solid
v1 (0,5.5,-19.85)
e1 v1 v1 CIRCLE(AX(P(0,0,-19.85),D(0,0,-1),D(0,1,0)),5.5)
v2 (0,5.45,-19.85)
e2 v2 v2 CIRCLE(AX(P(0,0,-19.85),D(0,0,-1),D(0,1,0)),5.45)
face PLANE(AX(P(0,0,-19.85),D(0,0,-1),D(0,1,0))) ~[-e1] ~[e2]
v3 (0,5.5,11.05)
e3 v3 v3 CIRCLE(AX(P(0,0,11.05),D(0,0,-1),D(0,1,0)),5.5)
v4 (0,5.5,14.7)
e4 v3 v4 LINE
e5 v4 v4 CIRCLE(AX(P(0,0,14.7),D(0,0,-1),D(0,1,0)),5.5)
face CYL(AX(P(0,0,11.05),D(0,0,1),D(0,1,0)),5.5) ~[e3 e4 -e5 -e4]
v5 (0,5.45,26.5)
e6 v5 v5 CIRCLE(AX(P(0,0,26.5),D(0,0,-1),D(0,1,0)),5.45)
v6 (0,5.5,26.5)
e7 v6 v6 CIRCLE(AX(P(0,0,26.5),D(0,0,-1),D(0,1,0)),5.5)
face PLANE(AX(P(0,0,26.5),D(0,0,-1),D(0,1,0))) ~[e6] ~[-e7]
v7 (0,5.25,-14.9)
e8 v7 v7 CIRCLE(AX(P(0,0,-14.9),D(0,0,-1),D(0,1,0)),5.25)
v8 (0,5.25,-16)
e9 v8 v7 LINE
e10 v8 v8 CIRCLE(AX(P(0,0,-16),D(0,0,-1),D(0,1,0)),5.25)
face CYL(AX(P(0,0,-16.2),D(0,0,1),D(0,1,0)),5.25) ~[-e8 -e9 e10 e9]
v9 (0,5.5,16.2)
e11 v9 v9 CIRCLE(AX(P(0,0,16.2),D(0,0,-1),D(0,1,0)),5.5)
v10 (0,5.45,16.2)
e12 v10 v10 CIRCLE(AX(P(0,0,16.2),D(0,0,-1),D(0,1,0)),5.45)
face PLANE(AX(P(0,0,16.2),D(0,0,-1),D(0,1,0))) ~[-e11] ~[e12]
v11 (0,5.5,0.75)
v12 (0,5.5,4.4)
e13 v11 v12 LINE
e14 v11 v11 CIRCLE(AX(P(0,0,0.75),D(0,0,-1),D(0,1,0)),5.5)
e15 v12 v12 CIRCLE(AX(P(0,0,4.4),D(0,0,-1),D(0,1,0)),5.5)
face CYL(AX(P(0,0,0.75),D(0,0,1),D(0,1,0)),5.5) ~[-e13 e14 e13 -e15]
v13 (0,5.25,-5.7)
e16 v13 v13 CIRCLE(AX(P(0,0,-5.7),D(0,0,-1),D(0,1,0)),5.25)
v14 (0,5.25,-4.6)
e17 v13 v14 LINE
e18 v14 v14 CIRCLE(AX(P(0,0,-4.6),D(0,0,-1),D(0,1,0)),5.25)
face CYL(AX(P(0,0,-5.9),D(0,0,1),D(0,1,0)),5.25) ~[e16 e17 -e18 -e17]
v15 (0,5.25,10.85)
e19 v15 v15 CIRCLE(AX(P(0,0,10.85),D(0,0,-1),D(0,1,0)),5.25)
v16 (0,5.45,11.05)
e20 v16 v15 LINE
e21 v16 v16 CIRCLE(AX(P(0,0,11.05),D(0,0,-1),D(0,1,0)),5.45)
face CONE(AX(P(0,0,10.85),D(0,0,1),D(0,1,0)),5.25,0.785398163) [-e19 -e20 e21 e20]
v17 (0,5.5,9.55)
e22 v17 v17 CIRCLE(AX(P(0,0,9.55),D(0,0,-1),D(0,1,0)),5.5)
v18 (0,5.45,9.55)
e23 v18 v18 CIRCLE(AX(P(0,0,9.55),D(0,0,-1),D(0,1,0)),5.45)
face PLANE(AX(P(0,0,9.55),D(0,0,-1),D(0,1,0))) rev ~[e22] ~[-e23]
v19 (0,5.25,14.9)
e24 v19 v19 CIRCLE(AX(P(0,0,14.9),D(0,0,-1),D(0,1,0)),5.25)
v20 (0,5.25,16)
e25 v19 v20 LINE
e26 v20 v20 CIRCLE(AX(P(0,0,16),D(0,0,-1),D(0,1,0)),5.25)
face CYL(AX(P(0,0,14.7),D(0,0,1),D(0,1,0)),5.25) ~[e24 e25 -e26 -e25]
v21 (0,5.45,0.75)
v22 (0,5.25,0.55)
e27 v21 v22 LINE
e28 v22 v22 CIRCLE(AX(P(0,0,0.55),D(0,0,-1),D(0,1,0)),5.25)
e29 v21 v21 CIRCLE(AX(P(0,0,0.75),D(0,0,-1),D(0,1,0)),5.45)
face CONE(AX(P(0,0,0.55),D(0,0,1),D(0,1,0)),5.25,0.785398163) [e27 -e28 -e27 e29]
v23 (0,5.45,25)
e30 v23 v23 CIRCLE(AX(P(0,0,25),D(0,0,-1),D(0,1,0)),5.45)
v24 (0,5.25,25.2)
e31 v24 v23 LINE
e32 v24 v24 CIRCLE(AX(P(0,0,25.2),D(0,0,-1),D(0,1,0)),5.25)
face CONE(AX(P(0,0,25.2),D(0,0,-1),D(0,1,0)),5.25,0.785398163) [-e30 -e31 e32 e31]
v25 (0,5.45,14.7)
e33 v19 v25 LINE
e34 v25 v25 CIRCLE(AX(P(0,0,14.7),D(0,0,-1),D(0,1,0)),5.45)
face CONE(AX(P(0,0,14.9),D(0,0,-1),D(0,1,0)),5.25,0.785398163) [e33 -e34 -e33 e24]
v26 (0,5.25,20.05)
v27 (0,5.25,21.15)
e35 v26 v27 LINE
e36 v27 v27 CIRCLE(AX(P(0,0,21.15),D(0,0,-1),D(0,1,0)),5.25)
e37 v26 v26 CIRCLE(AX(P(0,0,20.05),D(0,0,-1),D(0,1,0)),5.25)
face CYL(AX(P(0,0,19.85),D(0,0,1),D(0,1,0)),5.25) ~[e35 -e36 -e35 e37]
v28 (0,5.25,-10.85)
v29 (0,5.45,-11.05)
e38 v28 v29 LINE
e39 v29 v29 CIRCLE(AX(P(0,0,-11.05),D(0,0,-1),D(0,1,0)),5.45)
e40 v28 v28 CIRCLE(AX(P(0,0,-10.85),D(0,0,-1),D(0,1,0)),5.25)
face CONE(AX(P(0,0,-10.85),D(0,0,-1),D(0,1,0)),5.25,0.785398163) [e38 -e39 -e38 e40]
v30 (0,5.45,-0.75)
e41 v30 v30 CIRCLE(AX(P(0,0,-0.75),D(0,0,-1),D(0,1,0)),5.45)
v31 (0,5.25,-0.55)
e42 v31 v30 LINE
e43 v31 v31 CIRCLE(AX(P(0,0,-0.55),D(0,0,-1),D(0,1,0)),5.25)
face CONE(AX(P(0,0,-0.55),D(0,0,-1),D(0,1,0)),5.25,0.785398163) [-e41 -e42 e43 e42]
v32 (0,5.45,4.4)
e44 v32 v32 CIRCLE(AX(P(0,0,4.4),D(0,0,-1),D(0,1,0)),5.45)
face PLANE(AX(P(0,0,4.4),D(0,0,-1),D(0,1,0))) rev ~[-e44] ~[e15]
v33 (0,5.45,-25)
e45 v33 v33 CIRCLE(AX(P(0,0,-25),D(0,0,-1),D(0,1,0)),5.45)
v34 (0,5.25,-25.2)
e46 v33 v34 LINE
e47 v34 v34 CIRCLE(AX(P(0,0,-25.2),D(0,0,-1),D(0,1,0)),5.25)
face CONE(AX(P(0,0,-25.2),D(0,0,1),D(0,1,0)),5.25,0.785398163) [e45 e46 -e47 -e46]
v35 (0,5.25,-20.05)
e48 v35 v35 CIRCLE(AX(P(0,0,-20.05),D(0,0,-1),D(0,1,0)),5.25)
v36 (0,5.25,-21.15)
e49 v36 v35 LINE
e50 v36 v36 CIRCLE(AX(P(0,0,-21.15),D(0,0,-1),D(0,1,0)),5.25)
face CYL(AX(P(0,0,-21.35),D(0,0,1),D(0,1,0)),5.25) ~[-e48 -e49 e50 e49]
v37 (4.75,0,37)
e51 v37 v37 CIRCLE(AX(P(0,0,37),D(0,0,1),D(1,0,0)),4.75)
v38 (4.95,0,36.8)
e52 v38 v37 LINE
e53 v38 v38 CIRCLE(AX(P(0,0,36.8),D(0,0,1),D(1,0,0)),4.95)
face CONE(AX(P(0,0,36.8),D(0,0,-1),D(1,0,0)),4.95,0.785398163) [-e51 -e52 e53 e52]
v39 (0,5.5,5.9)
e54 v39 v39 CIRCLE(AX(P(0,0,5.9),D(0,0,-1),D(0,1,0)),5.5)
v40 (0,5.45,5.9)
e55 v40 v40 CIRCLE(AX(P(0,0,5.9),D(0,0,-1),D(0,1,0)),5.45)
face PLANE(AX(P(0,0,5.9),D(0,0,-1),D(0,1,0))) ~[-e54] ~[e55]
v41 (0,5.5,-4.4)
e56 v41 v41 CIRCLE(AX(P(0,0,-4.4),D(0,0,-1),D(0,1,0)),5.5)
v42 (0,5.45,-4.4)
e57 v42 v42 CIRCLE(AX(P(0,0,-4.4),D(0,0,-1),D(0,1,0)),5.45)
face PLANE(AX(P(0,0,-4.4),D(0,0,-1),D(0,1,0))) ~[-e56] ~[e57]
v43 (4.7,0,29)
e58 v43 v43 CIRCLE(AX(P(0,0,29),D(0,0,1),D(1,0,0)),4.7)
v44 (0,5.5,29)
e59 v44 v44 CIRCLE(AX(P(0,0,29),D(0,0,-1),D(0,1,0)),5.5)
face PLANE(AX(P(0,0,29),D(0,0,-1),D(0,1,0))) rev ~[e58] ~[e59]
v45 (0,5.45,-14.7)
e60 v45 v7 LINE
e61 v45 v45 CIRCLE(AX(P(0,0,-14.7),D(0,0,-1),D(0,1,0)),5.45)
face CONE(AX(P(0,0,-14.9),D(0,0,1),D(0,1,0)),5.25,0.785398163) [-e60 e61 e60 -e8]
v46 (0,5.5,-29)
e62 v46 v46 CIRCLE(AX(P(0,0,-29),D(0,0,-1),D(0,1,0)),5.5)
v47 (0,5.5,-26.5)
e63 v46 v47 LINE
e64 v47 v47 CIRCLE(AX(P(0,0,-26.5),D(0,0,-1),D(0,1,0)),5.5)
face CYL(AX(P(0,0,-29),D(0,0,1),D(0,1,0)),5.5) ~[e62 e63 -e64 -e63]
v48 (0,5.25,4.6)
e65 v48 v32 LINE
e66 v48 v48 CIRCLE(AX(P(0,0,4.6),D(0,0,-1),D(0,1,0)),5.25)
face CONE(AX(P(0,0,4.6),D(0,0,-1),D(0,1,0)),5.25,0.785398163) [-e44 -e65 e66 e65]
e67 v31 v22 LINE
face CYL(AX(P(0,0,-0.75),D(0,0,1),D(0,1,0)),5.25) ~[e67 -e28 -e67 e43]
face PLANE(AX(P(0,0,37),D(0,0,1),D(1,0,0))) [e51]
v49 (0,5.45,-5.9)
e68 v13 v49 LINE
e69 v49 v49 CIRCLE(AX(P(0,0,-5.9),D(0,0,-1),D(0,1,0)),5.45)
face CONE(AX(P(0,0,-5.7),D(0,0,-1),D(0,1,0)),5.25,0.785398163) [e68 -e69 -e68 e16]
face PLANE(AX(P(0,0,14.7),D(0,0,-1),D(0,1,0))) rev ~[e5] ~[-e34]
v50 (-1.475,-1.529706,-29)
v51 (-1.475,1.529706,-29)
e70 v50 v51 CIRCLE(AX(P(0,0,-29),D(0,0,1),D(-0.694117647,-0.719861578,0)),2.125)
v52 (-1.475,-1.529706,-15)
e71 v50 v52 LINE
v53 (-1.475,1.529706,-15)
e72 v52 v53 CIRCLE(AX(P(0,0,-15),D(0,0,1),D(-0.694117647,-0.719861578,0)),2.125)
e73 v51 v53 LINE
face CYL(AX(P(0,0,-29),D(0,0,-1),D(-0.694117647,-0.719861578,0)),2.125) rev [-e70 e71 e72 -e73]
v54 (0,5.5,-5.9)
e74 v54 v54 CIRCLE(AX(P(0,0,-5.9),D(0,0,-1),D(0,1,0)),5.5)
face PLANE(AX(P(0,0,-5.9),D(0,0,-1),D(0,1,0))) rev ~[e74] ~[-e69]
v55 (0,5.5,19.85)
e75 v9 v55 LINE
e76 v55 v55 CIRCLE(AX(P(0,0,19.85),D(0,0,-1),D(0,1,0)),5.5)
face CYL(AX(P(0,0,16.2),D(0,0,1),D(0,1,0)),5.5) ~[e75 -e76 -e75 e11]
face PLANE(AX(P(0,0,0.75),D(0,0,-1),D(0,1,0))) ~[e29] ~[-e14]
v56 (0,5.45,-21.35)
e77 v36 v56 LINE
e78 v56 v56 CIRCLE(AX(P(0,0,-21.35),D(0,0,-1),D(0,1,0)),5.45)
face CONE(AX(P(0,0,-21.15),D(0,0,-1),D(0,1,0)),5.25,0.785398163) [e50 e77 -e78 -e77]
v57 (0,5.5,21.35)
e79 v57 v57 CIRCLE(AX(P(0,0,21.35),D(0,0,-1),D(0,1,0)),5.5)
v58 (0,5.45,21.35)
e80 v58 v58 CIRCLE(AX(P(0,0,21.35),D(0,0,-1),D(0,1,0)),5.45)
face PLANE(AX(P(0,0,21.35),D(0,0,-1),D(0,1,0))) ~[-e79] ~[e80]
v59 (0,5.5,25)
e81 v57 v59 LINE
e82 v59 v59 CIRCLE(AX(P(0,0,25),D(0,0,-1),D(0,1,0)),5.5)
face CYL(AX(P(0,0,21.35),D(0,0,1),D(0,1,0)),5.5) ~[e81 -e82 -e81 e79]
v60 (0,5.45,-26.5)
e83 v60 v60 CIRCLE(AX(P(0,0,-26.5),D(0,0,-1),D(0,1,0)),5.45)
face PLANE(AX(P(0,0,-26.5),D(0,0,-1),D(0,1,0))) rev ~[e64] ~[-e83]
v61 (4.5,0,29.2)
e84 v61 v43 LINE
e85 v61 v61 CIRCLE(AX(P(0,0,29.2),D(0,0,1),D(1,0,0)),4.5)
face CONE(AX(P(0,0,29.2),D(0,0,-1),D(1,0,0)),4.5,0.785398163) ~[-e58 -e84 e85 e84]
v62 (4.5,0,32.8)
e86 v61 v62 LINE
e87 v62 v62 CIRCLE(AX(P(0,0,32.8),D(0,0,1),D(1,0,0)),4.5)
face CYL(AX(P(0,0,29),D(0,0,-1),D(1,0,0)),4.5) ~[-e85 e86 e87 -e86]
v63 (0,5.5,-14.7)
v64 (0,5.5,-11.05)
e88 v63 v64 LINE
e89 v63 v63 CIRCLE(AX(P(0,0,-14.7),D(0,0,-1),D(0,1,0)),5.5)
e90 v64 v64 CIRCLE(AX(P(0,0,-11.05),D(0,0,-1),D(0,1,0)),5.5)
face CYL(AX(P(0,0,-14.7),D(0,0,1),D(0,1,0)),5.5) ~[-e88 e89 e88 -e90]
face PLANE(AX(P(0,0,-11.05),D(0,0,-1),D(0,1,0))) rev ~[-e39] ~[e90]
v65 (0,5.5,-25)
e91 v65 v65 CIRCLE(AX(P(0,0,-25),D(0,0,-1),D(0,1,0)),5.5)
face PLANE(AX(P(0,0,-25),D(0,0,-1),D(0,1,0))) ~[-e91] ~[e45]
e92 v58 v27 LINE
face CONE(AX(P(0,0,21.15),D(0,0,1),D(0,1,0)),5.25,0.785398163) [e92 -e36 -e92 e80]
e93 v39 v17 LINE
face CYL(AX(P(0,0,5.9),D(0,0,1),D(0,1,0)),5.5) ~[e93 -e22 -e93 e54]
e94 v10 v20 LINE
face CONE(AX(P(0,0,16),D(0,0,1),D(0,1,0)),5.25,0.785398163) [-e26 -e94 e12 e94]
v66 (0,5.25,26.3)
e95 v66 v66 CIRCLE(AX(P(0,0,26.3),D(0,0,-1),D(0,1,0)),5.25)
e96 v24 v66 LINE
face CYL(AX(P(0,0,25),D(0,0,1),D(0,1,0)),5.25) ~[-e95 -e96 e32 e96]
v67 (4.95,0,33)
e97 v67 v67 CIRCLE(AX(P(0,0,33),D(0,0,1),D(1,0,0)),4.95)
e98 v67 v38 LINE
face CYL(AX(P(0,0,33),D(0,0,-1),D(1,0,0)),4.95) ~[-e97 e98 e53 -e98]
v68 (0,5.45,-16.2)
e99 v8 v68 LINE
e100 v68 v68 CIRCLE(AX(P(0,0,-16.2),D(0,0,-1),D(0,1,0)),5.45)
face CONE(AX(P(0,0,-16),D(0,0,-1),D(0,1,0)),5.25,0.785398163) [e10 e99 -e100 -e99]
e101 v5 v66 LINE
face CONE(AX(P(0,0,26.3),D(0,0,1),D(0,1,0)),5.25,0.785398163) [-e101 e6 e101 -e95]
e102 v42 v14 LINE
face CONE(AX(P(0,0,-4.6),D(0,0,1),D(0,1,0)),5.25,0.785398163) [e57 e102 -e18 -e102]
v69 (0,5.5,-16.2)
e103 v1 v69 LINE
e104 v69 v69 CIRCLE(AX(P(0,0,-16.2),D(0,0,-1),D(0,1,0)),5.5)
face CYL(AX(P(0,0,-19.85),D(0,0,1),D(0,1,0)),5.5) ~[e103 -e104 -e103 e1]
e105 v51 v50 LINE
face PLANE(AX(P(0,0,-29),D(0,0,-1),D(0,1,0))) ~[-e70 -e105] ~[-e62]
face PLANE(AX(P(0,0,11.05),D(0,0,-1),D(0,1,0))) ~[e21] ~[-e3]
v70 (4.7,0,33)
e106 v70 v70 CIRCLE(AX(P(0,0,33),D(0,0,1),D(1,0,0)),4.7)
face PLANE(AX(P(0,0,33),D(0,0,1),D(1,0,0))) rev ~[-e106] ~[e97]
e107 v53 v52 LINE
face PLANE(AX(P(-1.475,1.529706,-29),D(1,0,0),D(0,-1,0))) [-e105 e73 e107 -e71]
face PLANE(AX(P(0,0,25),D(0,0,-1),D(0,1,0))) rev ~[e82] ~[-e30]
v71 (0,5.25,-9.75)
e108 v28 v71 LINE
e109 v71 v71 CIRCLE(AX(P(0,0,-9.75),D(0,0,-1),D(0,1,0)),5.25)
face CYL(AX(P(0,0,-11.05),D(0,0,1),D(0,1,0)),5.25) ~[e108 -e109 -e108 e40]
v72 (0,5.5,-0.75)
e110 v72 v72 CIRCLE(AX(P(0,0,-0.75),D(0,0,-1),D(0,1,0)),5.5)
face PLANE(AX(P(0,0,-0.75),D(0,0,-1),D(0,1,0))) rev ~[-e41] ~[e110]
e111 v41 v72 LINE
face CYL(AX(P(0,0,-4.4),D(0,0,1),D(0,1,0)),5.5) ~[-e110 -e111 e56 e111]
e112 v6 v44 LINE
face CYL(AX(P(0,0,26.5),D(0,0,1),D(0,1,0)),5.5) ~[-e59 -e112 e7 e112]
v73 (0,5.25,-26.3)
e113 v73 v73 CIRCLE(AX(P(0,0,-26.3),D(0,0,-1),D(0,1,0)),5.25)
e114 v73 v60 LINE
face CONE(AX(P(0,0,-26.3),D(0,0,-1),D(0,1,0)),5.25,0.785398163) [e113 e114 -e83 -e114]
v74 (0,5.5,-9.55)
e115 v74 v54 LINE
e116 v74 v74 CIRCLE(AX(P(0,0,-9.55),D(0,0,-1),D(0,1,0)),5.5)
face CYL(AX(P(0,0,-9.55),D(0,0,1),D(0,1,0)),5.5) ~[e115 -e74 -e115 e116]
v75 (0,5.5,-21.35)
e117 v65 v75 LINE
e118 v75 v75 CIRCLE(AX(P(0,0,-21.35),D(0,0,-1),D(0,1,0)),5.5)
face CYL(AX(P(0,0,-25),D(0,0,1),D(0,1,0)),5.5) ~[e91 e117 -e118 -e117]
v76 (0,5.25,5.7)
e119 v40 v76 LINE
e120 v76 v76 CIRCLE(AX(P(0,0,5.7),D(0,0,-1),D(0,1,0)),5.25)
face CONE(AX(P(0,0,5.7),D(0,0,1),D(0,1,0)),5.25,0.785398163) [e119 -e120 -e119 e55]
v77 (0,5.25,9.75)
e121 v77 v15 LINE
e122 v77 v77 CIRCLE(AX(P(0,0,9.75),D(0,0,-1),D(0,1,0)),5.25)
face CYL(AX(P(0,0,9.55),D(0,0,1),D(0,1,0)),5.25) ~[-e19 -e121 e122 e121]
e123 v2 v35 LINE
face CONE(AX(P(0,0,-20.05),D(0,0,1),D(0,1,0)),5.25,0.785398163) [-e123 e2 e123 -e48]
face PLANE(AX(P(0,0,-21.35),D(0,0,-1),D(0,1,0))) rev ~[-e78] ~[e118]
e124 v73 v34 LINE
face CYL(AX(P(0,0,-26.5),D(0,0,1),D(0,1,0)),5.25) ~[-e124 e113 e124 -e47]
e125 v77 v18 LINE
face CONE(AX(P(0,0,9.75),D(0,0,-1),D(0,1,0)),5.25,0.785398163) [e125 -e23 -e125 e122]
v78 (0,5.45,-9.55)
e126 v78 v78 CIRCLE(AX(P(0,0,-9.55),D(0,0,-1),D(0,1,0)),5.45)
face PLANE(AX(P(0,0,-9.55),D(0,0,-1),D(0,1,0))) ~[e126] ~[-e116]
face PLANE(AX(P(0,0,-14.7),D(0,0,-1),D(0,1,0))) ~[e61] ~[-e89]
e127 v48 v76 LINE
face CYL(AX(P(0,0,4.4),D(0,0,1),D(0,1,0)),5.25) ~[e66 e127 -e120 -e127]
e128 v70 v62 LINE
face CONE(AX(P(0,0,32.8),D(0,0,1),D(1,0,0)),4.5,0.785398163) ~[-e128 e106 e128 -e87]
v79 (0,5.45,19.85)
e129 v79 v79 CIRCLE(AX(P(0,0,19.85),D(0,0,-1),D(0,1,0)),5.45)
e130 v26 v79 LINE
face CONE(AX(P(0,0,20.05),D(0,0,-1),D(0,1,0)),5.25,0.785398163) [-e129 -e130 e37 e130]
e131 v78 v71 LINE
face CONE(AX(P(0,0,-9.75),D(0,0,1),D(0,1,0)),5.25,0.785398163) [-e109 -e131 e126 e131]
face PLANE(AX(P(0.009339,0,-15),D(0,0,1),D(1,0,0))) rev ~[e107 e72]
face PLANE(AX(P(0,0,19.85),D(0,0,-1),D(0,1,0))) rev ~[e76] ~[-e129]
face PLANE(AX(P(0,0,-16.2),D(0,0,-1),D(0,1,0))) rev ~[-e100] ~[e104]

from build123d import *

# Parameters (mm, degrees)
CUT_EXTRUDE1_DEPTH  = 14
SKETCH5_R           = 4.5
BOSS_EXTRUDE1_DEPTH = 4
SKETCH6_R           = 4.95
BOSS_EXTRUDE2_DEPTH = 4
CHAMFER1_SIZE       = 0.2


with BuildPart() as part:
    # Sketch2 → Revolve2 (revolve)
    with BuildSketch(Plane(origin=(0, 0, 0), x_dir=(0, 0, -1), z_dir=(1, 0, 0))):
        Polygon((-29, 0), (29, 0), (29, 5.5), (26.5, 5.5), (26.5, 5.25), (25, 5.25), (25, 5.5), (21.35, 5.5), (21.35, 5.25), (19.85, 5.25), (19.85, 5.5), (16.2, 5.5), (16.2, 5.25), (14.7, 5.25), (14.7, 5.5), (11.05, 5.5), (11.05, 5.25), (9.55, 5.25), (9.55, 5.5), (5.9, 5.5), (5.9, 5.25), (4.4, 5.25), (4.4, 5.5), (0.75, 5.5), (0.75, 5.25), (-0.75, 5.25), (-0.75, 5.5), (-4.4, 5.5), (-4.4, 5.25), (-5.9, 5.25), (-5.9, 5.5), (-9.55, 5.5), (-9.55, 5.25), (-11.05, 5.25), (-11.05, 5.5), (-14.7, 5.5), (-14.7, 5.25), (-16.2, 5.25), (-16.2, 5.5), (-19.85, 5.5), (-19.85, 5.25), (-21.35, 5.25), (-21.35, 5.5), (-25, 5.5), (-25, 5.25), (-26.5, 5.25), (-26.5, 5.5), (-29, 5.5), align=None)
    revolve(axis=Axis((0, 0, -29), (0, 0, -1)))

    # Sketch3 → Cut-Extrude1 (cut)
    with BuildSketch(Plane(origin=(0, 0, -29), x_dir=(-1, 0, 0), z_dir=(0, 0, -1))):
        with BuildLine():
            Line((1.475, 1.529705854), (1.475, -1.529705854))
            ThreePointArc((1.475, -1.529705854), (-2.125, 0), (1.475, 1.529705854))
        make_face()
    extrude(amount=-CUT_EXTRUDE1_DEPTH, mode=Mode.SUBTRACT)

    # Sketch5 → Boss-Extrude1 (add)
    with BuildSketch(Plane.XY.offset(29)):
        Circle(SKETCH5_R)
    extrude(amount=BOSS_EXTRUDE1_DEPTH)

    # Sketch6 → Boss-Extrude2 (add)
    with BuildSketch(Plane.XY.offset(33)):
        Circle(SKETCH6_R)
    extrude(amount=BOSS_EXTRUDE2_DEPTH)

    # Chamfer1
    chamfer1_edges = [part.edges().sort_by_distance(p)[0] for p in [
        (-4.5, 0, 29),
        (-4.5, 0, 33),
        (-4.95, 0, 37),
        (0, -5.25, -26.5),
        (0, -5.25, -25),
        (0, -5.25, -21.35),
        (0, -5.25, -19.85),
        (0, -5.25, -16.2),
        (0, -5.25, -14.7),
        (0, -5.25, -11.05),
        (0, -5.25, -9.55),
        (0, -5.25, -5.9),
        (0, -5.25, -4.4),
        (0, -5.25, -0.75),
        (0, -5.25, 0.75),
        (0, -5.25, 4.4),
        (0, -5.25, 5.9),
        (0, -5.25, 9.55),
        (0, -5.25, 11.05),
        (0, -5.25, 14.7),
        (0, -5.25, 16.2),
        (0, -5.25, 19.85),
        (0, -5.25, 21.35),
        (0, -5.25, 25),
        (0, -5.25, 26.5),
    ]]
    chamfer(chamfer1_edges, length=CHAMFER1_SIZE)


solid = part.part
